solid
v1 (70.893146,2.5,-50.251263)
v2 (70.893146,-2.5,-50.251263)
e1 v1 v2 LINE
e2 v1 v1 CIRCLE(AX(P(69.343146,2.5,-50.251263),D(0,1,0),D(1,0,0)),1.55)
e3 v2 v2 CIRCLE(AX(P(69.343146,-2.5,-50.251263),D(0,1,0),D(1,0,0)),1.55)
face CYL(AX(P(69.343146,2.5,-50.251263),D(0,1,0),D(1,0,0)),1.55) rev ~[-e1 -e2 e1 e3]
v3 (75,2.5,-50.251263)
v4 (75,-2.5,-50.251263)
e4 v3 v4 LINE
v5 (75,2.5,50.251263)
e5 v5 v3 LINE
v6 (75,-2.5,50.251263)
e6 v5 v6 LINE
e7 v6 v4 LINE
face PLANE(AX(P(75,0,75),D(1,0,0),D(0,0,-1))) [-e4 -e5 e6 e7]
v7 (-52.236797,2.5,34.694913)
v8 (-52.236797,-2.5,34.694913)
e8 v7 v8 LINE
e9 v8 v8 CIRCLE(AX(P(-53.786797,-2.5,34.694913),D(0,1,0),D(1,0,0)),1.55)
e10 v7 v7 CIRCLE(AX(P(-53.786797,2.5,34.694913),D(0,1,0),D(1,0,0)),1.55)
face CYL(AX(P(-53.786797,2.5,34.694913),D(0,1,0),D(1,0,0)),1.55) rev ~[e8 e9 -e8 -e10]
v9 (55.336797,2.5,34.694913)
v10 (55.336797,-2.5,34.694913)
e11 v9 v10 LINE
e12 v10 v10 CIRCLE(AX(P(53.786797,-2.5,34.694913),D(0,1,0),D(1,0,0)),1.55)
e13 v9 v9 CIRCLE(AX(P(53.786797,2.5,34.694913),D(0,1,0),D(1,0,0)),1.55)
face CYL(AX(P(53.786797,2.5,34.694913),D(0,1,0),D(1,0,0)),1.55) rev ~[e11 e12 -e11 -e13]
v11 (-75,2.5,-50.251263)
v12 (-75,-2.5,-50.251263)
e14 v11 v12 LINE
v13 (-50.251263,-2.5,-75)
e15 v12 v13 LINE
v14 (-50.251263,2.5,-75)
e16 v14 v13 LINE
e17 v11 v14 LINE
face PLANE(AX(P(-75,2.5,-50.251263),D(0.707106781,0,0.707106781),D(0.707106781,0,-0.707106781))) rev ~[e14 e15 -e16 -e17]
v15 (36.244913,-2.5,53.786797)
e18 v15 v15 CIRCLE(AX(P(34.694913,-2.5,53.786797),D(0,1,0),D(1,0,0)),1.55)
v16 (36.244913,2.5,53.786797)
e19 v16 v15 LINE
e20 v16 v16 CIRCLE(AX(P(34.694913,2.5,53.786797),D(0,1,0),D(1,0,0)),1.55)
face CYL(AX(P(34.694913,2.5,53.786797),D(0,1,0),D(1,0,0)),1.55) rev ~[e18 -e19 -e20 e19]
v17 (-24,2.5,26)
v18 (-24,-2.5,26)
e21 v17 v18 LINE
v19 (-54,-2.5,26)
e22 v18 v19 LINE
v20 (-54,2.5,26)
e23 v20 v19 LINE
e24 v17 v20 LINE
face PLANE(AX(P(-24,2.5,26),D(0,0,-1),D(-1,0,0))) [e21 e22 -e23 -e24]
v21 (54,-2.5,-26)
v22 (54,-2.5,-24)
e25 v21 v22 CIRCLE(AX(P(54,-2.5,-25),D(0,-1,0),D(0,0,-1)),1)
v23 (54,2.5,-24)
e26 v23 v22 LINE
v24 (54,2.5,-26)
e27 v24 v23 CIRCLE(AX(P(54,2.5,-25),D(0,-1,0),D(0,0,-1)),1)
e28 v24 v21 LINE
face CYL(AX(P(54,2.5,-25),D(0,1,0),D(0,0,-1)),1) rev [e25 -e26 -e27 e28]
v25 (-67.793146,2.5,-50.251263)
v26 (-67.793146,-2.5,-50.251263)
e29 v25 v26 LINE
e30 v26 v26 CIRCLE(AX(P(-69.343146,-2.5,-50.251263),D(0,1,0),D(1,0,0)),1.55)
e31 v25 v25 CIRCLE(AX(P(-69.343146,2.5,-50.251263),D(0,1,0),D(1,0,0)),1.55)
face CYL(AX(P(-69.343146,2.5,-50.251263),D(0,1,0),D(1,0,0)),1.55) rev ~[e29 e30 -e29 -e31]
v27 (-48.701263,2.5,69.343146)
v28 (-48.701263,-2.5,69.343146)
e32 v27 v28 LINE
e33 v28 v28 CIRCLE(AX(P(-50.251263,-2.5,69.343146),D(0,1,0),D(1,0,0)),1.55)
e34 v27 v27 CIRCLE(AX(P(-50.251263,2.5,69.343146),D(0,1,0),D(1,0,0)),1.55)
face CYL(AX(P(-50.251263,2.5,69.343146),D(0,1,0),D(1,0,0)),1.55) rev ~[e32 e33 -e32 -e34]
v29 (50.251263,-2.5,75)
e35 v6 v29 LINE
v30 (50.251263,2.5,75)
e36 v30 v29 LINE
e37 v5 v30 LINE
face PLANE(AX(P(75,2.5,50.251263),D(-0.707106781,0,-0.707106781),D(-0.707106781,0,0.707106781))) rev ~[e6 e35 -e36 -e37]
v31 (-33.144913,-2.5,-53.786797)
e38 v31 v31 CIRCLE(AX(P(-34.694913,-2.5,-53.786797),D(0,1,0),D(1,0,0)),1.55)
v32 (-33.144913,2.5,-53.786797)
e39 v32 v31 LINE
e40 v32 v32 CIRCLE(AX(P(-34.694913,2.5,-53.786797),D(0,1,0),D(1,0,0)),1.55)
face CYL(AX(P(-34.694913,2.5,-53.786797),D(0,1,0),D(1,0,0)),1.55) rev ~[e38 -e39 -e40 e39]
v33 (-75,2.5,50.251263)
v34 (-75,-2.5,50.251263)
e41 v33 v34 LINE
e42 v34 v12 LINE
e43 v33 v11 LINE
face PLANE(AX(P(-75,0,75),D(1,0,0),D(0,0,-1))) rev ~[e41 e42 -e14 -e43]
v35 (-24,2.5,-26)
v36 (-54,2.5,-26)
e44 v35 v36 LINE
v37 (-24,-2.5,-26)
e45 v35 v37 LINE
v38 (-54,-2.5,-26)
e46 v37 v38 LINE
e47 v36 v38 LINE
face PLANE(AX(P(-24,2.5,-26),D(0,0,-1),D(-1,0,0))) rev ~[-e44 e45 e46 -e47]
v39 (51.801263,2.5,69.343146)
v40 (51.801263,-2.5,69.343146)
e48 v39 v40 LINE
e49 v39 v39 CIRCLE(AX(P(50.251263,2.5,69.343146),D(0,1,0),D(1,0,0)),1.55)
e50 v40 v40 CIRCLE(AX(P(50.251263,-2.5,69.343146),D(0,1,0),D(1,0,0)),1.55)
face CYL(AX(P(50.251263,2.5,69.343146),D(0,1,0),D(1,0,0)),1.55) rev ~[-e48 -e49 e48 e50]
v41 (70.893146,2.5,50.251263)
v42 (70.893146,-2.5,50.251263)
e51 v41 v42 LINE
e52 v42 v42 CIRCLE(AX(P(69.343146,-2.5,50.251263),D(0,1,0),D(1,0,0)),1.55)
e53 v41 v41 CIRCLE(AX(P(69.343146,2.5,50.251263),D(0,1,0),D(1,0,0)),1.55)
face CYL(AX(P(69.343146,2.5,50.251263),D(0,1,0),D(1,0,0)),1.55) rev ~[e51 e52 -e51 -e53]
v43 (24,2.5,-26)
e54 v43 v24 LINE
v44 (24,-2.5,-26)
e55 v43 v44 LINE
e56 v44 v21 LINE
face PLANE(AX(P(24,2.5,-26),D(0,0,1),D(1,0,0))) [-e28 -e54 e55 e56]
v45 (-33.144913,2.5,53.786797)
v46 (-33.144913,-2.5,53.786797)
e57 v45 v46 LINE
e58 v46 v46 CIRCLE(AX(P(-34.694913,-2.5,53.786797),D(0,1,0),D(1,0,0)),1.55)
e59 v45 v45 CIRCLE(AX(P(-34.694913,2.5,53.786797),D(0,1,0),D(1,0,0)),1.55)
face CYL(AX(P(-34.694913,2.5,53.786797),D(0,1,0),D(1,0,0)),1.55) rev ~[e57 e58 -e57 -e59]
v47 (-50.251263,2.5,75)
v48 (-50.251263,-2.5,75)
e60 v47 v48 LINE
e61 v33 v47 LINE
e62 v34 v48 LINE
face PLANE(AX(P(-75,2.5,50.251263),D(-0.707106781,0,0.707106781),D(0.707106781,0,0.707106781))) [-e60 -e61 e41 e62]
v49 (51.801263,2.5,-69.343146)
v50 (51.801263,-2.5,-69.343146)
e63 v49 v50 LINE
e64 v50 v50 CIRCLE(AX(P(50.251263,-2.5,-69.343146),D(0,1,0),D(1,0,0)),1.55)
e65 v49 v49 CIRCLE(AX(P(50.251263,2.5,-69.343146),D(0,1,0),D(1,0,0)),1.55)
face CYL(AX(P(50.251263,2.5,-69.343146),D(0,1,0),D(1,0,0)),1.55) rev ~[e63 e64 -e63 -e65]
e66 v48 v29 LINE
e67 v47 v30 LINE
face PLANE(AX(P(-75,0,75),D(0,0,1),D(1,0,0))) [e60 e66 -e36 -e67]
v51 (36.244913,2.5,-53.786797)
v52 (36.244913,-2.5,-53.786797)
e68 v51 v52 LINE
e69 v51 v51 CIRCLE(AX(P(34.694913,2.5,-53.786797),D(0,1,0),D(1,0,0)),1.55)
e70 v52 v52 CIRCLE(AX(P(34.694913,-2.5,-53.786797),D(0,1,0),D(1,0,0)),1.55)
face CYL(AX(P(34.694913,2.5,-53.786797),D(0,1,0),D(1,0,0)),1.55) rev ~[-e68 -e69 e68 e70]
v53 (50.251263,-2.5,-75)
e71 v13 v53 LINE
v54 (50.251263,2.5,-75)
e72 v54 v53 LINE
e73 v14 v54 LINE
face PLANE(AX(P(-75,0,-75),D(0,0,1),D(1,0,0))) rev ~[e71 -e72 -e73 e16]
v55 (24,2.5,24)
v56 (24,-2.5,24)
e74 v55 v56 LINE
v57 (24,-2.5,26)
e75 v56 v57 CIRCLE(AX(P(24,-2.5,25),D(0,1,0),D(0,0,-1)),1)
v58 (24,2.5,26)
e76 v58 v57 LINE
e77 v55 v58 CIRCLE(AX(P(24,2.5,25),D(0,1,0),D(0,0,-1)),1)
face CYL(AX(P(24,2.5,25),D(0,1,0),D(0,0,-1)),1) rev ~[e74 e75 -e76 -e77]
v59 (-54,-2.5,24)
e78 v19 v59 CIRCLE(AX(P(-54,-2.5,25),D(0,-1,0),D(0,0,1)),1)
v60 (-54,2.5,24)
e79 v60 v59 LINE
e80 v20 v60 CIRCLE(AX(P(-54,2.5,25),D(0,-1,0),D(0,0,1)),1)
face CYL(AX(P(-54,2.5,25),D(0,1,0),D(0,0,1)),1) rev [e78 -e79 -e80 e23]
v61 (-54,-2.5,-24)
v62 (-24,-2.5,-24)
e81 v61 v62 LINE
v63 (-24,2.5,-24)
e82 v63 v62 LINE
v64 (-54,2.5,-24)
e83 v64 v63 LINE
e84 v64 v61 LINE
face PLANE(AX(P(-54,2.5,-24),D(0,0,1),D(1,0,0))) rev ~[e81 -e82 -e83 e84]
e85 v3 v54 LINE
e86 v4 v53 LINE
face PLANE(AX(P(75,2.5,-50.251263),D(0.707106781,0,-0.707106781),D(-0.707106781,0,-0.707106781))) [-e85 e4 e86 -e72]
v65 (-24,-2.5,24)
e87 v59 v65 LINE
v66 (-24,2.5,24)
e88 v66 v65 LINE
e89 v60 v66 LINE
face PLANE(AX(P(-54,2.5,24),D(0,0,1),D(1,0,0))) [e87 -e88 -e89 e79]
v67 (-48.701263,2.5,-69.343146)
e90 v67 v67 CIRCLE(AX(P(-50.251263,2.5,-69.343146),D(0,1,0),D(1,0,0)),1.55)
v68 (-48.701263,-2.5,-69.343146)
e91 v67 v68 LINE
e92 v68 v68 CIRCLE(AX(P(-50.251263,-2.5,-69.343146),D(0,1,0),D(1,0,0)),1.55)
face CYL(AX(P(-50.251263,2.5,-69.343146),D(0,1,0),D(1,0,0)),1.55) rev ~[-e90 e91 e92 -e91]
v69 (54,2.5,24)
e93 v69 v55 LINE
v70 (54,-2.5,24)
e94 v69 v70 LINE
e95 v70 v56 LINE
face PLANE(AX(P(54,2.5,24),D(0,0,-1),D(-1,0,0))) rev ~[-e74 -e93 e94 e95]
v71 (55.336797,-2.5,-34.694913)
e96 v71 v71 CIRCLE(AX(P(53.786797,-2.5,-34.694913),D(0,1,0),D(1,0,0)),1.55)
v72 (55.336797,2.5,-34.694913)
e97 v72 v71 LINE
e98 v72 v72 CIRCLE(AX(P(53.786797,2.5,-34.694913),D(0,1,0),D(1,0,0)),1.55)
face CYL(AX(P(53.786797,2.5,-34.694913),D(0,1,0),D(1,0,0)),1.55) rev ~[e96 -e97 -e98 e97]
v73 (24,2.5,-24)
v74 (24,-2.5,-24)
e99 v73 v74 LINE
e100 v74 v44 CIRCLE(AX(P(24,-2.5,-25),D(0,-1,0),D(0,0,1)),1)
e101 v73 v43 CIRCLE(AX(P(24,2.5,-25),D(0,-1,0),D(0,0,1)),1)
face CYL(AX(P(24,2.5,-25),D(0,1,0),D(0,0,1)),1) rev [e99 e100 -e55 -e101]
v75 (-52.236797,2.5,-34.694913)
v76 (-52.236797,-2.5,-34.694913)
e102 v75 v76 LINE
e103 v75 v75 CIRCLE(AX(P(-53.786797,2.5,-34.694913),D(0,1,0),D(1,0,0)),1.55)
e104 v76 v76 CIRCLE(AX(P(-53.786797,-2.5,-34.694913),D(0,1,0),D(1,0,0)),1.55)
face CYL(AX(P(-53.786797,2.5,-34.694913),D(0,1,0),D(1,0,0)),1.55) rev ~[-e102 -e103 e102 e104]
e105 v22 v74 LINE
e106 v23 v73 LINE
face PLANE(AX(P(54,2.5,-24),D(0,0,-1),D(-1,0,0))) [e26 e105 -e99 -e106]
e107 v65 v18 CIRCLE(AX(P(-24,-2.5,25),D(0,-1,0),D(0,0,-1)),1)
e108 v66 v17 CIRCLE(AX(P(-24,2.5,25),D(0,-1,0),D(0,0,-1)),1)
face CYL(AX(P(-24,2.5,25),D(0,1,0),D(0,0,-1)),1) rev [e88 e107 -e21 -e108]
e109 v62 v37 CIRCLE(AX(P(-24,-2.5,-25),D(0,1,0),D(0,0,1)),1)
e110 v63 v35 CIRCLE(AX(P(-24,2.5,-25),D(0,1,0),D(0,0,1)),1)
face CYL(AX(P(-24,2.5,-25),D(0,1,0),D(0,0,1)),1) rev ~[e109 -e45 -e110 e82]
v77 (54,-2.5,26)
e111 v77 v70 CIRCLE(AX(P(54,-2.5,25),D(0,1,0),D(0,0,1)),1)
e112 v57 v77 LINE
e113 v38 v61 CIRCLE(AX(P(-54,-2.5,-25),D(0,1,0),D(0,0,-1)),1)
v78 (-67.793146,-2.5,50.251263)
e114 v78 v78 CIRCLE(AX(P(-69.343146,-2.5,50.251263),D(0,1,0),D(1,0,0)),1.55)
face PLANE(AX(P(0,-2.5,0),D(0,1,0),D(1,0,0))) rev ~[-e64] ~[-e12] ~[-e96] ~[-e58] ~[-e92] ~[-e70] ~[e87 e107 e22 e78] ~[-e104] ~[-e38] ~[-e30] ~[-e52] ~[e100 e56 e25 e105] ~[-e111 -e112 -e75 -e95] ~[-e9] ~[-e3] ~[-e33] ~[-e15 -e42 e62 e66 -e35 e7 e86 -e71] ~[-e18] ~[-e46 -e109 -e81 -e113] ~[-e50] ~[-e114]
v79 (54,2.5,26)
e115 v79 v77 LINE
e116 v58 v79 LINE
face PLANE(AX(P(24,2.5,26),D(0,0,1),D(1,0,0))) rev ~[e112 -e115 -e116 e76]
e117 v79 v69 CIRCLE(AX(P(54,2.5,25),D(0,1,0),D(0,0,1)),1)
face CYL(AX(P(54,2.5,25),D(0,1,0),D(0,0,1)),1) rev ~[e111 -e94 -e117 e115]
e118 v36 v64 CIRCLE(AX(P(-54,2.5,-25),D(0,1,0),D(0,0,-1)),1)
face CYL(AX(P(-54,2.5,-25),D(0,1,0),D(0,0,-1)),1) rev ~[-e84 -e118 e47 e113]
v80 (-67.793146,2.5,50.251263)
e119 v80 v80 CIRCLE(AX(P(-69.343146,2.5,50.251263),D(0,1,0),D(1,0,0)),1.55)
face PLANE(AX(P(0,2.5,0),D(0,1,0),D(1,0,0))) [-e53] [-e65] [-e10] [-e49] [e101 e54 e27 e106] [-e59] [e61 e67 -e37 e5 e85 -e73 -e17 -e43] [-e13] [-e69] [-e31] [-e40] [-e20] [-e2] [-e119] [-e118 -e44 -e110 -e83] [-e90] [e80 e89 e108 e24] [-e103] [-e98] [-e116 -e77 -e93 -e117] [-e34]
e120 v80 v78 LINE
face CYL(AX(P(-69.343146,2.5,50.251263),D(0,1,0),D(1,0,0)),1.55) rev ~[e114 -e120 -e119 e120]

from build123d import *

# Parameters (mm, degrees)
SKETCH1_W           = 150
SKETCH1_H           = 150
BOSS_EXTRUDE1_DEPTH = 2.5
CUT_EXTRUDE1_DEPTH  = 5
SKETCH3_R           = 1.55
CUT_EXTRUDE2_DEPTH  = 5
CUT_EXTRUDE3_DEPTH  = 5


with BuildPart() as part:
    # Sketch1 → Boss-Extrude1 (new body, symmetric)
    with BuildSketch(Plane(origin=(0, 0, 0), x_dir=(1, 0, 0), z_dir=(0, 1, 0))):
        Rectangle(SKETCH1_W, SKETCH1_H)
    extrude(amount=BOSS_EXTRUDE1_DEPTH, both=True)

    # Sketch2 → Cut-Extrude1 (cut)
    with BuildSketch(Plane(origin=(0, 2.5, 0), x_dir=(1, 0, 0), z_dir=(0, 1, 0))):
        Polygon((50.251262658, 75), (75, 75), (75, 50.251262658), align=None)
        Polygon((-75, 75), (-75, 50.251262658), (-50.251262658, 75), align=None)
        Polygon((-50.251262658, -75), (-75, -75), (-75, -50.251262658), align=None)
        Polygon((75, -75), (75, -50.251262658), (50.251262658, -75), align=None)
    extrude(amount=-CUT_EXTRUDE1_DEPTH, mode=Mode.SUBTRACT)

    # Sketch3 → Cut-Extrude2 (cut)
    with BuildSketch(Plane(origin=(0, 2.5, 0), x_dir=(1, 0, 0), z_dir=(0, 1, 0))):
        with Locations((69.343145751, 50.251262658)):
            Circle(SKETCH3_R)
        with Locations((53.786796564, 34.694913472)):
            Circle(SKETCH3_R)
        with Locations((34.694913472, 53.786796564)):
            Circle(SKETCH3_R)
        with Locations((50.251262658, 69.343145751)):
            Circle(SKETCH3_R)
        with Locations((-69.343145751, 50.251262658)):
            Circle(SKETCH3_R)
        with Locations((-53.786796564, 34.694913472)):
            Circle(SKETCH3_R)
        with Locations((-34.694913472, 53.786796564)):
            Circle(SKETCH3_R)
        with Locations((-50.251262658, 69.343145751)):
            Circle(SKETCH3_R)
        with Locations((-53.786796564, -34.694913472)):
            Circle(SKETCH3_R)
        with Locations((-69.343145751, -50.251262658)):
            Circle(SKETCH3_R)
        with Locations((-34.694913472, -53.786796564)):
            Circle(SKETCH3_R)
        with Locations((-50.251262658, -69.343145751)):
            Circle(SKETCH3_R)
        with Locations((69.343145751, -50.251262658)):
            Circle(SKETCH3_R)
        with Locations((53.786796564, -34.694913472)):
            Circle(SKETCH3_R)
        with Locations((34.694913472, -53.786796564)):
            Circle(SKETCH3_R)
        with Locations((50.251262658, -69.343145751)):
            Circle(SKETCH3_R)
    extrude(amount=-CUT_EXTRUDE2_DEPTH, mode=Mode.SUBTRACT)

    # Sketch4 → Cut-Extrude3 (cut)
    with BuildSketch(Plane(origin=(0, 2.5, 0), x_dir=(1, 0, 0), z_dir=(0, 1, 0))):
        with BuildLine():
            Line((24, 26), (54, 26))
            ThreePointArc((54, 26), (55, 25), (54, 24))
            Line((54, 24), (24, 24))
            ThreePointArc((24, 24), (23, 25), (24, 26))
        make_face()
        with BuildLine():
            Line((24, -26), (54, -26))
            ThreePointArc((54, -26), (55, -25), (54, -24))
            Line((54, -24), (24, -24))
            ThreePointArc((24, -24), (23, -25), (24, -26))
        make_face()
        with BuildLine():
            Line((-24, -26), (-54, -26))
            ThreePointArc((-54, -26), (-55, -25), (-54, -24))
            Line((-54, -24), (-24, -24))
            ThreePointArc((-24, -24), (-23, -25), (-24, -26))
        make_face()
        with BuildLine():
            Line((-24, 26), (-54, 26))
            ThreePointArc((-54, 26), (-55, 25), (-54, 24))
            Line((-54, 24), (-24, 24))
            ThreePointArc((-24, 24), (-23, 25), (-24, 26))
        make_face()
    extrude(amount=-CUT_EXTRUDE3_DEPTH, mode=Mode.SUBTRACT)


solid = part.part
